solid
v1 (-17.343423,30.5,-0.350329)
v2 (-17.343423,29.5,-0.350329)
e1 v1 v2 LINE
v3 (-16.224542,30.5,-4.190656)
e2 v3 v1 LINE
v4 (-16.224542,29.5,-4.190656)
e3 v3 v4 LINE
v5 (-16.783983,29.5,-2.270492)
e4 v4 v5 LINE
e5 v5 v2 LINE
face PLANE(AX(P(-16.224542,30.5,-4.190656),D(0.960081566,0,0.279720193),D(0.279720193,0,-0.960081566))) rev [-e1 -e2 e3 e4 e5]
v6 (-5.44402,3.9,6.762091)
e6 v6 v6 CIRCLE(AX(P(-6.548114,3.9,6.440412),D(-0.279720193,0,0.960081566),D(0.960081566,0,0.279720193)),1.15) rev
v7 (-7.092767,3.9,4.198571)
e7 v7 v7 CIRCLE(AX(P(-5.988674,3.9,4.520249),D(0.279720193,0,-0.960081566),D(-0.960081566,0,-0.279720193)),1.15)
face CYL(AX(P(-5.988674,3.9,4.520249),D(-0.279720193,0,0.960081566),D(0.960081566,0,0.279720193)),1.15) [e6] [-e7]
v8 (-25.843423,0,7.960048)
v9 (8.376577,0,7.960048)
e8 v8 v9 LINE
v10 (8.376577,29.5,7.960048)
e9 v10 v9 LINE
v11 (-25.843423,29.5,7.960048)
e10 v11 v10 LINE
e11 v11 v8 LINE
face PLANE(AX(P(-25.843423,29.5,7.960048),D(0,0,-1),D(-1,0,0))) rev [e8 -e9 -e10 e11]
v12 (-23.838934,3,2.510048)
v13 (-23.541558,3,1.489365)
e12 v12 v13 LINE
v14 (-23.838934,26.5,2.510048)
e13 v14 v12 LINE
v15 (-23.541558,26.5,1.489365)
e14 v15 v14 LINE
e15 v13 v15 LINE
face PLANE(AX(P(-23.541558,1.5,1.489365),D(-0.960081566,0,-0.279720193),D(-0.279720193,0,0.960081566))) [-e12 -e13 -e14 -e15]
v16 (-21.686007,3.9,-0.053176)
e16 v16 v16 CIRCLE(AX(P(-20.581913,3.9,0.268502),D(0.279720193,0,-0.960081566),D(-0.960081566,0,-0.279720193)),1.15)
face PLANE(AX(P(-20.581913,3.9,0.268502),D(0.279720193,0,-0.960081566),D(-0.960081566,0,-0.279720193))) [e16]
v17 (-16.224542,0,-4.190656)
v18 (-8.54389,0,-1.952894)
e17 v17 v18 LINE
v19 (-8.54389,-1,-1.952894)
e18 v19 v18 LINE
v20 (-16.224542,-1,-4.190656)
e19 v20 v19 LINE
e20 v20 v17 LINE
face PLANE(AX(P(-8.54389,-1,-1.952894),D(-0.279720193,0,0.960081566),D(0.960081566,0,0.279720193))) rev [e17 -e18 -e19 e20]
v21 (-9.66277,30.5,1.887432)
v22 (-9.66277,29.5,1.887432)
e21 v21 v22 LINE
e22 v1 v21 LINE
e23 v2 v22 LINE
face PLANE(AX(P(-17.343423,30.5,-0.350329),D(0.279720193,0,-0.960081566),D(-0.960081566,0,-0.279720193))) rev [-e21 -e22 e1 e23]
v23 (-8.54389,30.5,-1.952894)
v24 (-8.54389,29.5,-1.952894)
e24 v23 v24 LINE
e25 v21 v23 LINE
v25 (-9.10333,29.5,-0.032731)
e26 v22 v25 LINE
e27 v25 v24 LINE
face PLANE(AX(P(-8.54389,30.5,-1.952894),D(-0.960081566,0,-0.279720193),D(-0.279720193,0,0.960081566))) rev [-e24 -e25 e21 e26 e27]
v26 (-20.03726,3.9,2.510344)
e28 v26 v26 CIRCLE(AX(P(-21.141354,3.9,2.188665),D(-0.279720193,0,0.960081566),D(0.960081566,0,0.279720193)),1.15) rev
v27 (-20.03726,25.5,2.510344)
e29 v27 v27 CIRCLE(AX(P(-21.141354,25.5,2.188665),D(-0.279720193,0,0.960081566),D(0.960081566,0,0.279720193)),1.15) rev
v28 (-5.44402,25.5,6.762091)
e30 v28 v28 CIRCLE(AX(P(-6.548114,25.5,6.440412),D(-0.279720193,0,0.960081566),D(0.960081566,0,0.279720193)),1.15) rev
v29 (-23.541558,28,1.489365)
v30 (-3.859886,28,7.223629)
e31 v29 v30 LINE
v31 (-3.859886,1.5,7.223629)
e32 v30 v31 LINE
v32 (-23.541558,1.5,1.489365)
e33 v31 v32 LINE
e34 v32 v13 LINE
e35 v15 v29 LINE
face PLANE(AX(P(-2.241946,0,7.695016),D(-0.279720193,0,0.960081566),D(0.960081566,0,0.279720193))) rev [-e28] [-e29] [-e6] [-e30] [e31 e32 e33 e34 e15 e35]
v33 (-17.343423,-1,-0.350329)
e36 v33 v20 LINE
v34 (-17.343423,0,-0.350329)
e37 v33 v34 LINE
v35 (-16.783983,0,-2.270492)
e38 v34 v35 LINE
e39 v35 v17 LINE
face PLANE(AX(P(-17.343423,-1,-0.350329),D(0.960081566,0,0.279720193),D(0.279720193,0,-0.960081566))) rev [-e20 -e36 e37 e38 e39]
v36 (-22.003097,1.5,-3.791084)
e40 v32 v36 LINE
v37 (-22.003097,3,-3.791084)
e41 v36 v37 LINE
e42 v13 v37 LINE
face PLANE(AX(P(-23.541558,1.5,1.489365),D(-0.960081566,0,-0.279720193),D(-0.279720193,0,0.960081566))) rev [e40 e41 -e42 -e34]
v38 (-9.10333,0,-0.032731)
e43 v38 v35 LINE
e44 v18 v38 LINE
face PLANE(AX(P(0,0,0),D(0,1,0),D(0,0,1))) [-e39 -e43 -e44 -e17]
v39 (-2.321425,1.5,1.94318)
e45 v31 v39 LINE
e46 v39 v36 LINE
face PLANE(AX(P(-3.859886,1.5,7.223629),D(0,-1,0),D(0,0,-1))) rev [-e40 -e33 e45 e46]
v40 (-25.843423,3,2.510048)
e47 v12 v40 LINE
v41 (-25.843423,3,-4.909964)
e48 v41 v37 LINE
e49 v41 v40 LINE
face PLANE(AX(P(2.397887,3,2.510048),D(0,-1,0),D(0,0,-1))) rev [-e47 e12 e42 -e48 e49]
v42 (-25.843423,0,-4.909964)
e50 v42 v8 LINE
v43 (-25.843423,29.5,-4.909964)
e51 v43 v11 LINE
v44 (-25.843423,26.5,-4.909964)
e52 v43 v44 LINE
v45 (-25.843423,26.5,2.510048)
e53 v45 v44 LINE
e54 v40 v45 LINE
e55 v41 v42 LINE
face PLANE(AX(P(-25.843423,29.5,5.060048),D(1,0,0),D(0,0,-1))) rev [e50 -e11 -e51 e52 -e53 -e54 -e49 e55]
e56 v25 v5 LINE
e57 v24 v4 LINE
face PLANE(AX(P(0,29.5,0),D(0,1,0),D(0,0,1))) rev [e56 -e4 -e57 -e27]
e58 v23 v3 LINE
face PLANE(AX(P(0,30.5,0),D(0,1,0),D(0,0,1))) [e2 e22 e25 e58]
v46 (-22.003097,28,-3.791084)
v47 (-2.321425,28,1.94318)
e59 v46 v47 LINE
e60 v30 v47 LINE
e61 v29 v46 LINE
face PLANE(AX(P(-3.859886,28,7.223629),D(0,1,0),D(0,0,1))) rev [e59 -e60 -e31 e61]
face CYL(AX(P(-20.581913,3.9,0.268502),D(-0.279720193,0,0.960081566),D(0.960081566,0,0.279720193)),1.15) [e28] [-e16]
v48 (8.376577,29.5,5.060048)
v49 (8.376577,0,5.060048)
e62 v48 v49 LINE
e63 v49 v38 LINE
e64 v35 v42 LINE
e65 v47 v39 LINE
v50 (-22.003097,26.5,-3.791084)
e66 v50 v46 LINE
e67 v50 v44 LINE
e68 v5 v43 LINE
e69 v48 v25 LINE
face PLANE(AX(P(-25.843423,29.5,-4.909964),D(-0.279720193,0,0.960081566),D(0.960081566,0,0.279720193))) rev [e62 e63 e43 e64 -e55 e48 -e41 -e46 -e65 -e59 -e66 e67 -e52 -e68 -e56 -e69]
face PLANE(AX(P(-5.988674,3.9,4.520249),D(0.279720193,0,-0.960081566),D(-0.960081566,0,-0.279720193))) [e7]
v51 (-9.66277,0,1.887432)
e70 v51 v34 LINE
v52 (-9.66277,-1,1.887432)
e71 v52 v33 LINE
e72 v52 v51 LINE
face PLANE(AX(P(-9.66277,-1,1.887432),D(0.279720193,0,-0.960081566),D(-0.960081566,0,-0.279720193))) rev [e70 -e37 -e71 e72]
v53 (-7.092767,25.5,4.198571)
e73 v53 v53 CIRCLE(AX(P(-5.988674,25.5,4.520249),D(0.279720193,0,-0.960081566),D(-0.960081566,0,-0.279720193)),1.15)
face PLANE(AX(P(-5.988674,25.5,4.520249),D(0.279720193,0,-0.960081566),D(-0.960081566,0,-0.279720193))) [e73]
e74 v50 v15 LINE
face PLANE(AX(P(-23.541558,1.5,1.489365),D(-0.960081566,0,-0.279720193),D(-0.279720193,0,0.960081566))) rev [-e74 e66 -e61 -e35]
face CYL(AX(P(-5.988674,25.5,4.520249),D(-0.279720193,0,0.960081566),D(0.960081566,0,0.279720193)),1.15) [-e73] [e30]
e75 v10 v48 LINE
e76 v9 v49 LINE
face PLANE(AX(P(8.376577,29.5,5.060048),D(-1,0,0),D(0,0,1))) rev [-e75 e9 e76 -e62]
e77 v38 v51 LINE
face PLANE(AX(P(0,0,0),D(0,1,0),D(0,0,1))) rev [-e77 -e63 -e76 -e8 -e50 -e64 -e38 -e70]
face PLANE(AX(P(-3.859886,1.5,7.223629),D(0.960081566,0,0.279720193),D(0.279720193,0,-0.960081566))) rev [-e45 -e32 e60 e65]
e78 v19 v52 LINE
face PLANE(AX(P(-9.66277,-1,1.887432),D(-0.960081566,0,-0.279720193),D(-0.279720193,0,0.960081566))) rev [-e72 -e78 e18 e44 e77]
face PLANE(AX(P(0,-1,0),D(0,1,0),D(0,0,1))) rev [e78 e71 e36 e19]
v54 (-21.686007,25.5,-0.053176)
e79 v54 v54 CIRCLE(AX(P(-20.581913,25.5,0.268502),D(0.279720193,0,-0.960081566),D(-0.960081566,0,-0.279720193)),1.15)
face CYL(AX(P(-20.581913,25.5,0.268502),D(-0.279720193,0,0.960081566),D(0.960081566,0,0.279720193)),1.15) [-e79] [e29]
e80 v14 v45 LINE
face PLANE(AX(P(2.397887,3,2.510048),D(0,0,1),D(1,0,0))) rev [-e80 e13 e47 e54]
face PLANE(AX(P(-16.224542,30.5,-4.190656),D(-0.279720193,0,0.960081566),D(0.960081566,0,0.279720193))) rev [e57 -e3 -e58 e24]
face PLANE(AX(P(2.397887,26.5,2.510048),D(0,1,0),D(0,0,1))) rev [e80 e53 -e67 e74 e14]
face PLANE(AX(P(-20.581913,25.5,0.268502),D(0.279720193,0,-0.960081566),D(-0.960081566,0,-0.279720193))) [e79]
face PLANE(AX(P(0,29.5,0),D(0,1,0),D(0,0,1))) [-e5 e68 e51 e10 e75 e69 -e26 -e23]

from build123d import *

# Parameters (mm, degrees)
BOSS_EXTRUDE1_DEPTH = 29.5
SKETCH2_W           = 20.5
SKETCH2_H           = 26.5
CUT_EXTRUDE1_DEPTH  = 5.5
CUT_EXTRUDE2_REACH  = 36.22
SKETCH3_W           = 7.420012267
SKETCH3_H           = 23.5
SKETCH4_R           = 1.15
BOSS_EXTRUDE2_DEPTH = 2
BOSS_EXTRUDE3_DEPTH = 1
BOSS_EXTRUDE4_DEPTH = 1


with BuildPart() as part:
    # Sketch1 → Boss-Extrude1 (new body)
    with BuildSketch(Plane(origin=(0, 0, 0), x_dir=(1, 0, 0), z_dir=(0, 1, 0))):
        Polygon((-25.843422974, -5.060047824), (-25.843422974, 4.909964443), (8.376577026, -5.060047824), (8.376577026, -7.960047824), (-25.843422974, -7.960047824), align=None)
    extrude(amount=BOSS_EXTRUDE1_DEPTH)

    # Sketch2 → Cut-Extrude1 (cut)
    with BuildSketch(Plane(origin=(-0.703485348, 0, 2.414567601), x_dir=(-0.960081566, 0, -0.279720193), z_dir=(0.279720193, 0, -0.960081566))):
        with Locations((11.935210206, 14.75)):
            Rectangle(SKETCH2_W, SKETCH2_H)
    extrude(amount=-CUT_EXTRUDE1_DEPTH, mode=Mode.SUBTRACT)

    # Cut-Extrude2: up to this face of the body (flat: up to its plane)
    cut_extrude2_end = Plane(part.part.faces().sort_by_distance((-22.772327239, 14.75, -1.150859365))[0])
    # Sketch3 → Cut-Extrude2 (cut, up to the picked face)
    with BuildSketch(Plane.ZY.offset(25.843422974), mode=Mode.PRIVATE) as cut_extrude2_sk1:
        with Locations((-1.19995831, 14.75)):
            Rectangle(SKETCH3_W, SKETCH3_H)
    cut_extrude2_tool1 = split(extrude(cut_extrude2_sk1.sketch, amount=-CUT_EXTRUDE2_REACH, mode=Mode.PRIVATE), bisect_by=cut_extrude2_end, keep=Keep.BOTH, mode=Mode.PRIVATE)
    add(cut_extrude2_tool1.solids().sort_by_distance((-25.843423, 14.75, -1.199958))[0], mode=Mode.SUBTRACT)

    # Sketch4 → Boss-Extrude2 (add)
    with BuildSketch(Plane(origin=(-2.241946407, 0, 7.695016215), x_dir=(-0.960081566, 0, -0.279720193), z_dir=(0.279720193, 0, -0.960081566))):
        with Locations((19.685210206, 25.5)):
            Circle(SKETCH4_R)
        with Locations((19.685210206, 3.9)):
            Circle(SKETCH4_R)
        with Locations((4.485210206, 3.9)):
            Circle(SKETCH4_R)
        with Locations((4.485210206, 25.5)):
            Circle(SKETCH4_R)
    extrude(amount=BOSS_EXTRUDE2_DEPTH)

    # Sketch5 → Boss-Extrude3 (add)
    with BuildSketch(Plane(origin=(0, 0, 0), x_dir=(-1, 0, 0), z_dir=(0, -1, 0))):
        Polygon((9.662770444, -1.887432229), (17.343422974, 0.350329313), (16.224542204, 4.190655577), (8.543889674, 1.952894036), align=None)
    extrude(amount=BOSS_EXTRUDE3_DEPTH)

    # Sketch6 → Boss-Extrude4 (add)
    with BuildSketch(Plane(origin=(0, 29.5, 0), x_dir=(1, 0, 0), z_dir=(0, 1, 0))):
        Polygon((-16.224542204, 4.190655577), (-8.543889674, 1.952894036), (-9.662770444, -1.887432229), (-17.343422974, 0.350329313), align=None)
    extrude(amount=BOSS_EXTRUDE4_DEPTH)


solid = part.part
